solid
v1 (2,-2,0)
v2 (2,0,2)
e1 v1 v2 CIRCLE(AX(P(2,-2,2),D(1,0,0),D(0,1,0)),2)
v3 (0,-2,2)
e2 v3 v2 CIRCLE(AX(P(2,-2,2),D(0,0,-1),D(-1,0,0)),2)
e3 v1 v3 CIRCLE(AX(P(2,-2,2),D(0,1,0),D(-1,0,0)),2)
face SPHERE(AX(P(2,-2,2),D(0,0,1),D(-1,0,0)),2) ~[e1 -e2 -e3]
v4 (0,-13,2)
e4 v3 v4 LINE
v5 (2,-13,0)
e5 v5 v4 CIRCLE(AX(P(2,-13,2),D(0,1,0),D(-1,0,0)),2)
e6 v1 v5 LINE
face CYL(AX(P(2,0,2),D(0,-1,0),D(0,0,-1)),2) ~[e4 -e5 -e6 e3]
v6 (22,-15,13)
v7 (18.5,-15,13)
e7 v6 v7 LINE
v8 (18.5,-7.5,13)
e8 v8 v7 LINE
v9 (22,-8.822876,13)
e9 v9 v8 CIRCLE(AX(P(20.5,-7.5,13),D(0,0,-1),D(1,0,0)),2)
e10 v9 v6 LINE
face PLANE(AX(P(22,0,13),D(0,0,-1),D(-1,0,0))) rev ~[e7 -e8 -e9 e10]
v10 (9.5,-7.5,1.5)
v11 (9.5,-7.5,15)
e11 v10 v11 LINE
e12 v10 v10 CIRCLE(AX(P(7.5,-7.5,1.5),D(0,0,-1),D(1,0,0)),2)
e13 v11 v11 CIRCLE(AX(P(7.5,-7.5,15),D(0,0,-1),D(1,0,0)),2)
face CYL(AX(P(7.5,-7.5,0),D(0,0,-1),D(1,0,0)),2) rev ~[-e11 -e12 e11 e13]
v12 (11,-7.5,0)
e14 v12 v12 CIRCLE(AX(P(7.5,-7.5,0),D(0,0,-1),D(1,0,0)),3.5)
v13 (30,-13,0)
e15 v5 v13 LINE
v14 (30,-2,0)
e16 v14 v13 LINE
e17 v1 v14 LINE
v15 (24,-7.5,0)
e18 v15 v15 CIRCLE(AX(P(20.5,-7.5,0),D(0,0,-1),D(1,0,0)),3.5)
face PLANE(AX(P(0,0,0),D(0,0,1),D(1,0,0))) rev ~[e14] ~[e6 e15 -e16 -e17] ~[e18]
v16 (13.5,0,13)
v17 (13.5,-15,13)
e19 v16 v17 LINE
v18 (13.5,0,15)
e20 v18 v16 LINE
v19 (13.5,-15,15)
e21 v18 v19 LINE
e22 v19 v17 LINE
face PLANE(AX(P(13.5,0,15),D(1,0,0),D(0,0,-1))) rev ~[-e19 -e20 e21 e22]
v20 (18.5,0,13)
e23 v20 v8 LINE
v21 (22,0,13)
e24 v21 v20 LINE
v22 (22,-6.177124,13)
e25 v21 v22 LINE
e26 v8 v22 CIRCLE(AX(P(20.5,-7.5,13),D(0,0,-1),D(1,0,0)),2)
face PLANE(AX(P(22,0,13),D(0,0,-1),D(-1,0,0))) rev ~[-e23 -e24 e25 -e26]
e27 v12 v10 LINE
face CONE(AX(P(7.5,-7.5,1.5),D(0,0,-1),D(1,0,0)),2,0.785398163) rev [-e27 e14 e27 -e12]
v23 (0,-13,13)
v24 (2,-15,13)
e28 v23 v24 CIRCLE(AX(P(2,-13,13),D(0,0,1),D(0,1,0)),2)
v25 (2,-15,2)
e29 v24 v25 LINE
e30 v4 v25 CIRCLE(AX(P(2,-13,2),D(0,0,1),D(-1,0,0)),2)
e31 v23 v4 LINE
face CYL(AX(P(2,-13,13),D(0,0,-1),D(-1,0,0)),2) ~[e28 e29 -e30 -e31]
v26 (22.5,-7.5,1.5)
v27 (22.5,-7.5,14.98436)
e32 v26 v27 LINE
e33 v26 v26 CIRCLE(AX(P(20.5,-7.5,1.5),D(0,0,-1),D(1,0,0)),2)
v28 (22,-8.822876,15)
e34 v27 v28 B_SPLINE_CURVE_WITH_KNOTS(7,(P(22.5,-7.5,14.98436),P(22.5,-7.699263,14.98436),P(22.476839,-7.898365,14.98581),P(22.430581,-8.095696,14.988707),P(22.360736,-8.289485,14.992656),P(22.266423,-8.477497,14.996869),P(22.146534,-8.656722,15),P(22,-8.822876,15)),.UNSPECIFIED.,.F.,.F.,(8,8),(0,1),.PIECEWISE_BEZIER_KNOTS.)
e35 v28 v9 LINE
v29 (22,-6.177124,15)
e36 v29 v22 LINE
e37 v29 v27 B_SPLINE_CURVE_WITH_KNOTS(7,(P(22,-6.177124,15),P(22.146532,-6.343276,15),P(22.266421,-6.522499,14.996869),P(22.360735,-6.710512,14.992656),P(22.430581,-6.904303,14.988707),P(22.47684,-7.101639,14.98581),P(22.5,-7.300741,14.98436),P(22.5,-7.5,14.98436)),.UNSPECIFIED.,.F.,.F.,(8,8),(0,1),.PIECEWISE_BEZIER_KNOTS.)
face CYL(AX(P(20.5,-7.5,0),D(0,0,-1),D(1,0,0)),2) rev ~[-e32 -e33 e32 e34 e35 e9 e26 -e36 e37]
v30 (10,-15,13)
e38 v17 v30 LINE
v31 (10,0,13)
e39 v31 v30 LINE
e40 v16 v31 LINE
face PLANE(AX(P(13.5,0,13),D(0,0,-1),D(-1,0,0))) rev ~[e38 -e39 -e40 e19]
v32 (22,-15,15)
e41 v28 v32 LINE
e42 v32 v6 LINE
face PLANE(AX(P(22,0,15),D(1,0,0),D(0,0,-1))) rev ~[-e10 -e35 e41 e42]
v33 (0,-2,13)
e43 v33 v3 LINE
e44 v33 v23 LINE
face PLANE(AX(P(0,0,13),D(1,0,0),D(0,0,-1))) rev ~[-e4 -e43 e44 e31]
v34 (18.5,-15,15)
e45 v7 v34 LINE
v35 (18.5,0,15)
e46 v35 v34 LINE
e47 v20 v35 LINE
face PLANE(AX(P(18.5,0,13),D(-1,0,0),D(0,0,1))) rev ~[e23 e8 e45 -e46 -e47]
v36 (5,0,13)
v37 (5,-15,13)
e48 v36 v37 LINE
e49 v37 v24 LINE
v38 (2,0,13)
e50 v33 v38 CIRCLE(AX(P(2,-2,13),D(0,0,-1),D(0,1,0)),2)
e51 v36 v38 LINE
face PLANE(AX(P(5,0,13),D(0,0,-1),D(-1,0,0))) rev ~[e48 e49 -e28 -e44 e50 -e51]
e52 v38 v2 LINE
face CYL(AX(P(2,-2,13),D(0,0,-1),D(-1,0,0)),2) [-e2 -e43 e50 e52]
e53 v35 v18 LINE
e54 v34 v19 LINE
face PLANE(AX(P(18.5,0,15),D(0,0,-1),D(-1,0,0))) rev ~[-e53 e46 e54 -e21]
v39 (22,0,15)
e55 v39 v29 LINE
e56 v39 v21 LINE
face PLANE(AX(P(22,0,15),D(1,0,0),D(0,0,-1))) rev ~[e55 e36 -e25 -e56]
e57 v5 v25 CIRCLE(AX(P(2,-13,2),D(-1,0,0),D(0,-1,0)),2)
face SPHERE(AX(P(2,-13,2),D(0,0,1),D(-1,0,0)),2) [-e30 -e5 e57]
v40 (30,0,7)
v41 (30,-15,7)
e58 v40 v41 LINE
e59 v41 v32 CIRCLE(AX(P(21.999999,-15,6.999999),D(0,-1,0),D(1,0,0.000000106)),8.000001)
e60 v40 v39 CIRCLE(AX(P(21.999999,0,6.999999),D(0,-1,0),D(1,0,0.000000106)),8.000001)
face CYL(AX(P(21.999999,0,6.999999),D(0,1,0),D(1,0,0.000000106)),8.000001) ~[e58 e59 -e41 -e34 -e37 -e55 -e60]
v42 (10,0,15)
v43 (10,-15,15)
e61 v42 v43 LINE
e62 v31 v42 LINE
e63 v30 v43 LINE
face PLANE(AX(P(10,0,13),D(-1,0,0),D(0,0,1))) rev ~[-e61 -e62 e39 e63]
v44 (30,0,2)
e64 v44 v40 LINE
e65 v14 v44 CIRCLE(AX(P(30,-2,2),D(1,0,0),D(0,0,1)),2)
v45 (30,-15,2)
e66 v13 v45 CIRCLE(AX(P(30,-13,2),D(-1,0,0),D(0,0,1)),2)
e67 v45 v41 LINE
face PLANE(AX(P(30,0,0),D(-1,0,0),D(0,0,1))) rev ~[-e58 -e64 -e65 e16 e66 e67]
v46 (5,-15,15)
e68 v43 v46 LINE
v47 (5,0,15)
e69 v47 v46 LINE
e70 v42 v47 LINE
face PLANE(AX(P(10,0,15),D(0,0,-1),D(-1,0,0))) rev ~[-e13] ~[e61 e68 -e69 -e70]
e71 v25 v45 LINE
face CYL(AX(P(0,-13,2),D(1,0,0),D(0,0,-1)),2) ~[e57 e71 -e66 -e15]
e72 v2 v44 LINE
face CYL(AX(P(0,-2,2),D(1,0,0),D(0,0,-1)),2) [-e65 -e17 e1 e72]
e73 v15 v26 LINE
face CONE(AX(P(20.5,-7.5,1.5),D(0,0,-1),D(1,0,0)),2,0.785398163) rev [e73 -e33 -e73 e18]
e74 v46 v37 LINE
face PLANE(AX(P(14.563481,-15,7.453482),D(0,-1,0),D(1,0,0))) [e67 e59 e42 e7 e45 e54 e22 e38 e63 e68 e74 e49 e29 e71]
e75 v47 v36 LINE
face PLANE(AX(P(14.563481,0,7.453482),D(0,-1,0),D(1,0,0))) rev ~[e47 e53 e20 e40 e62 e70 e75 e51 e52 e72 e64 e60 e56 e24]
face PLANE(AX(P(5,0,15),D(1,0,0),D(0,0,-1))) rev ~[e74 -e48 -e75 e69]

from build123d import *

# Parameters (mm, degrees)
PAD_DEPTH    = 15
SKETCH001_R  = 2
POCKET_DEPTH = 15
CHAMFER_SIZE = 1.5
FILLET_R     = 2


with BuildPart() as part:
    # Sketch → Pad (new body)
    with BuildSketch(Plane.XZ):
        with BuildLine():
            Line((0, 0), (30, 0))
            Line((30, 0), (30, 7))
            ThreePointArc((30, 7), (27.656854, 12.656854), (22, 15))
            Line((22, 15), (22, 13))
            Line((22, 13), (18.5, 13))
            Line((18.5, 13), (18.5, 15))
            Line((18.5, 15), (13.5, 15))
            Line((13.5, 15), (13.5, 13))
            Line((13.5, 13), (10, 13))
            Line((10, 13), (10, 15))
            Line((10, 15), (5, 15))
            Line((5, 15), (5, 13))
            Line((5, 13), (0, 13))
            Line((0, 13), (0, 0))
        make_face()
    extrude(amount=PAD_DEPTH)

    # Sketch001 (on Face1 of Pad) → Pocket (cut)
    with BuildSketch(Plane(origin=(0, 0, 0), x_dir=(1, 0, 0), z_dir=(0, 0, -1))):
        with Locations((7.5, 7.5)):
            Circle(SKETCH001_R)
        with Locations((20.5, 7.5)):
            Circle(SKETCH001_R)
    extrude(amount=-POCKET_DEPTH, mode=Mode.SUBTRACT)

    # Chamfer
    chamfer_edges = [part.edges().sort_by_distance(p)[0] for p in [
        (5.5, -7.5, 0),
        (18.5, -7.5, 0),
    ]]
    chamfer(chamfer_edges, length=CHAMFER_SIZE)

    # Fillet
    fillet_edges = [part.edges().sort_by_distance(p)[0] for p in [
        (0, -15, 6.5),
        (0, 0, 6.5),
        (0, -7.5, 0),
        (15, -15, 0),
        (15, 0, 0),
    ]]
    fillet(fillet_edges, radius=FILLET_R)


solid = part.part
